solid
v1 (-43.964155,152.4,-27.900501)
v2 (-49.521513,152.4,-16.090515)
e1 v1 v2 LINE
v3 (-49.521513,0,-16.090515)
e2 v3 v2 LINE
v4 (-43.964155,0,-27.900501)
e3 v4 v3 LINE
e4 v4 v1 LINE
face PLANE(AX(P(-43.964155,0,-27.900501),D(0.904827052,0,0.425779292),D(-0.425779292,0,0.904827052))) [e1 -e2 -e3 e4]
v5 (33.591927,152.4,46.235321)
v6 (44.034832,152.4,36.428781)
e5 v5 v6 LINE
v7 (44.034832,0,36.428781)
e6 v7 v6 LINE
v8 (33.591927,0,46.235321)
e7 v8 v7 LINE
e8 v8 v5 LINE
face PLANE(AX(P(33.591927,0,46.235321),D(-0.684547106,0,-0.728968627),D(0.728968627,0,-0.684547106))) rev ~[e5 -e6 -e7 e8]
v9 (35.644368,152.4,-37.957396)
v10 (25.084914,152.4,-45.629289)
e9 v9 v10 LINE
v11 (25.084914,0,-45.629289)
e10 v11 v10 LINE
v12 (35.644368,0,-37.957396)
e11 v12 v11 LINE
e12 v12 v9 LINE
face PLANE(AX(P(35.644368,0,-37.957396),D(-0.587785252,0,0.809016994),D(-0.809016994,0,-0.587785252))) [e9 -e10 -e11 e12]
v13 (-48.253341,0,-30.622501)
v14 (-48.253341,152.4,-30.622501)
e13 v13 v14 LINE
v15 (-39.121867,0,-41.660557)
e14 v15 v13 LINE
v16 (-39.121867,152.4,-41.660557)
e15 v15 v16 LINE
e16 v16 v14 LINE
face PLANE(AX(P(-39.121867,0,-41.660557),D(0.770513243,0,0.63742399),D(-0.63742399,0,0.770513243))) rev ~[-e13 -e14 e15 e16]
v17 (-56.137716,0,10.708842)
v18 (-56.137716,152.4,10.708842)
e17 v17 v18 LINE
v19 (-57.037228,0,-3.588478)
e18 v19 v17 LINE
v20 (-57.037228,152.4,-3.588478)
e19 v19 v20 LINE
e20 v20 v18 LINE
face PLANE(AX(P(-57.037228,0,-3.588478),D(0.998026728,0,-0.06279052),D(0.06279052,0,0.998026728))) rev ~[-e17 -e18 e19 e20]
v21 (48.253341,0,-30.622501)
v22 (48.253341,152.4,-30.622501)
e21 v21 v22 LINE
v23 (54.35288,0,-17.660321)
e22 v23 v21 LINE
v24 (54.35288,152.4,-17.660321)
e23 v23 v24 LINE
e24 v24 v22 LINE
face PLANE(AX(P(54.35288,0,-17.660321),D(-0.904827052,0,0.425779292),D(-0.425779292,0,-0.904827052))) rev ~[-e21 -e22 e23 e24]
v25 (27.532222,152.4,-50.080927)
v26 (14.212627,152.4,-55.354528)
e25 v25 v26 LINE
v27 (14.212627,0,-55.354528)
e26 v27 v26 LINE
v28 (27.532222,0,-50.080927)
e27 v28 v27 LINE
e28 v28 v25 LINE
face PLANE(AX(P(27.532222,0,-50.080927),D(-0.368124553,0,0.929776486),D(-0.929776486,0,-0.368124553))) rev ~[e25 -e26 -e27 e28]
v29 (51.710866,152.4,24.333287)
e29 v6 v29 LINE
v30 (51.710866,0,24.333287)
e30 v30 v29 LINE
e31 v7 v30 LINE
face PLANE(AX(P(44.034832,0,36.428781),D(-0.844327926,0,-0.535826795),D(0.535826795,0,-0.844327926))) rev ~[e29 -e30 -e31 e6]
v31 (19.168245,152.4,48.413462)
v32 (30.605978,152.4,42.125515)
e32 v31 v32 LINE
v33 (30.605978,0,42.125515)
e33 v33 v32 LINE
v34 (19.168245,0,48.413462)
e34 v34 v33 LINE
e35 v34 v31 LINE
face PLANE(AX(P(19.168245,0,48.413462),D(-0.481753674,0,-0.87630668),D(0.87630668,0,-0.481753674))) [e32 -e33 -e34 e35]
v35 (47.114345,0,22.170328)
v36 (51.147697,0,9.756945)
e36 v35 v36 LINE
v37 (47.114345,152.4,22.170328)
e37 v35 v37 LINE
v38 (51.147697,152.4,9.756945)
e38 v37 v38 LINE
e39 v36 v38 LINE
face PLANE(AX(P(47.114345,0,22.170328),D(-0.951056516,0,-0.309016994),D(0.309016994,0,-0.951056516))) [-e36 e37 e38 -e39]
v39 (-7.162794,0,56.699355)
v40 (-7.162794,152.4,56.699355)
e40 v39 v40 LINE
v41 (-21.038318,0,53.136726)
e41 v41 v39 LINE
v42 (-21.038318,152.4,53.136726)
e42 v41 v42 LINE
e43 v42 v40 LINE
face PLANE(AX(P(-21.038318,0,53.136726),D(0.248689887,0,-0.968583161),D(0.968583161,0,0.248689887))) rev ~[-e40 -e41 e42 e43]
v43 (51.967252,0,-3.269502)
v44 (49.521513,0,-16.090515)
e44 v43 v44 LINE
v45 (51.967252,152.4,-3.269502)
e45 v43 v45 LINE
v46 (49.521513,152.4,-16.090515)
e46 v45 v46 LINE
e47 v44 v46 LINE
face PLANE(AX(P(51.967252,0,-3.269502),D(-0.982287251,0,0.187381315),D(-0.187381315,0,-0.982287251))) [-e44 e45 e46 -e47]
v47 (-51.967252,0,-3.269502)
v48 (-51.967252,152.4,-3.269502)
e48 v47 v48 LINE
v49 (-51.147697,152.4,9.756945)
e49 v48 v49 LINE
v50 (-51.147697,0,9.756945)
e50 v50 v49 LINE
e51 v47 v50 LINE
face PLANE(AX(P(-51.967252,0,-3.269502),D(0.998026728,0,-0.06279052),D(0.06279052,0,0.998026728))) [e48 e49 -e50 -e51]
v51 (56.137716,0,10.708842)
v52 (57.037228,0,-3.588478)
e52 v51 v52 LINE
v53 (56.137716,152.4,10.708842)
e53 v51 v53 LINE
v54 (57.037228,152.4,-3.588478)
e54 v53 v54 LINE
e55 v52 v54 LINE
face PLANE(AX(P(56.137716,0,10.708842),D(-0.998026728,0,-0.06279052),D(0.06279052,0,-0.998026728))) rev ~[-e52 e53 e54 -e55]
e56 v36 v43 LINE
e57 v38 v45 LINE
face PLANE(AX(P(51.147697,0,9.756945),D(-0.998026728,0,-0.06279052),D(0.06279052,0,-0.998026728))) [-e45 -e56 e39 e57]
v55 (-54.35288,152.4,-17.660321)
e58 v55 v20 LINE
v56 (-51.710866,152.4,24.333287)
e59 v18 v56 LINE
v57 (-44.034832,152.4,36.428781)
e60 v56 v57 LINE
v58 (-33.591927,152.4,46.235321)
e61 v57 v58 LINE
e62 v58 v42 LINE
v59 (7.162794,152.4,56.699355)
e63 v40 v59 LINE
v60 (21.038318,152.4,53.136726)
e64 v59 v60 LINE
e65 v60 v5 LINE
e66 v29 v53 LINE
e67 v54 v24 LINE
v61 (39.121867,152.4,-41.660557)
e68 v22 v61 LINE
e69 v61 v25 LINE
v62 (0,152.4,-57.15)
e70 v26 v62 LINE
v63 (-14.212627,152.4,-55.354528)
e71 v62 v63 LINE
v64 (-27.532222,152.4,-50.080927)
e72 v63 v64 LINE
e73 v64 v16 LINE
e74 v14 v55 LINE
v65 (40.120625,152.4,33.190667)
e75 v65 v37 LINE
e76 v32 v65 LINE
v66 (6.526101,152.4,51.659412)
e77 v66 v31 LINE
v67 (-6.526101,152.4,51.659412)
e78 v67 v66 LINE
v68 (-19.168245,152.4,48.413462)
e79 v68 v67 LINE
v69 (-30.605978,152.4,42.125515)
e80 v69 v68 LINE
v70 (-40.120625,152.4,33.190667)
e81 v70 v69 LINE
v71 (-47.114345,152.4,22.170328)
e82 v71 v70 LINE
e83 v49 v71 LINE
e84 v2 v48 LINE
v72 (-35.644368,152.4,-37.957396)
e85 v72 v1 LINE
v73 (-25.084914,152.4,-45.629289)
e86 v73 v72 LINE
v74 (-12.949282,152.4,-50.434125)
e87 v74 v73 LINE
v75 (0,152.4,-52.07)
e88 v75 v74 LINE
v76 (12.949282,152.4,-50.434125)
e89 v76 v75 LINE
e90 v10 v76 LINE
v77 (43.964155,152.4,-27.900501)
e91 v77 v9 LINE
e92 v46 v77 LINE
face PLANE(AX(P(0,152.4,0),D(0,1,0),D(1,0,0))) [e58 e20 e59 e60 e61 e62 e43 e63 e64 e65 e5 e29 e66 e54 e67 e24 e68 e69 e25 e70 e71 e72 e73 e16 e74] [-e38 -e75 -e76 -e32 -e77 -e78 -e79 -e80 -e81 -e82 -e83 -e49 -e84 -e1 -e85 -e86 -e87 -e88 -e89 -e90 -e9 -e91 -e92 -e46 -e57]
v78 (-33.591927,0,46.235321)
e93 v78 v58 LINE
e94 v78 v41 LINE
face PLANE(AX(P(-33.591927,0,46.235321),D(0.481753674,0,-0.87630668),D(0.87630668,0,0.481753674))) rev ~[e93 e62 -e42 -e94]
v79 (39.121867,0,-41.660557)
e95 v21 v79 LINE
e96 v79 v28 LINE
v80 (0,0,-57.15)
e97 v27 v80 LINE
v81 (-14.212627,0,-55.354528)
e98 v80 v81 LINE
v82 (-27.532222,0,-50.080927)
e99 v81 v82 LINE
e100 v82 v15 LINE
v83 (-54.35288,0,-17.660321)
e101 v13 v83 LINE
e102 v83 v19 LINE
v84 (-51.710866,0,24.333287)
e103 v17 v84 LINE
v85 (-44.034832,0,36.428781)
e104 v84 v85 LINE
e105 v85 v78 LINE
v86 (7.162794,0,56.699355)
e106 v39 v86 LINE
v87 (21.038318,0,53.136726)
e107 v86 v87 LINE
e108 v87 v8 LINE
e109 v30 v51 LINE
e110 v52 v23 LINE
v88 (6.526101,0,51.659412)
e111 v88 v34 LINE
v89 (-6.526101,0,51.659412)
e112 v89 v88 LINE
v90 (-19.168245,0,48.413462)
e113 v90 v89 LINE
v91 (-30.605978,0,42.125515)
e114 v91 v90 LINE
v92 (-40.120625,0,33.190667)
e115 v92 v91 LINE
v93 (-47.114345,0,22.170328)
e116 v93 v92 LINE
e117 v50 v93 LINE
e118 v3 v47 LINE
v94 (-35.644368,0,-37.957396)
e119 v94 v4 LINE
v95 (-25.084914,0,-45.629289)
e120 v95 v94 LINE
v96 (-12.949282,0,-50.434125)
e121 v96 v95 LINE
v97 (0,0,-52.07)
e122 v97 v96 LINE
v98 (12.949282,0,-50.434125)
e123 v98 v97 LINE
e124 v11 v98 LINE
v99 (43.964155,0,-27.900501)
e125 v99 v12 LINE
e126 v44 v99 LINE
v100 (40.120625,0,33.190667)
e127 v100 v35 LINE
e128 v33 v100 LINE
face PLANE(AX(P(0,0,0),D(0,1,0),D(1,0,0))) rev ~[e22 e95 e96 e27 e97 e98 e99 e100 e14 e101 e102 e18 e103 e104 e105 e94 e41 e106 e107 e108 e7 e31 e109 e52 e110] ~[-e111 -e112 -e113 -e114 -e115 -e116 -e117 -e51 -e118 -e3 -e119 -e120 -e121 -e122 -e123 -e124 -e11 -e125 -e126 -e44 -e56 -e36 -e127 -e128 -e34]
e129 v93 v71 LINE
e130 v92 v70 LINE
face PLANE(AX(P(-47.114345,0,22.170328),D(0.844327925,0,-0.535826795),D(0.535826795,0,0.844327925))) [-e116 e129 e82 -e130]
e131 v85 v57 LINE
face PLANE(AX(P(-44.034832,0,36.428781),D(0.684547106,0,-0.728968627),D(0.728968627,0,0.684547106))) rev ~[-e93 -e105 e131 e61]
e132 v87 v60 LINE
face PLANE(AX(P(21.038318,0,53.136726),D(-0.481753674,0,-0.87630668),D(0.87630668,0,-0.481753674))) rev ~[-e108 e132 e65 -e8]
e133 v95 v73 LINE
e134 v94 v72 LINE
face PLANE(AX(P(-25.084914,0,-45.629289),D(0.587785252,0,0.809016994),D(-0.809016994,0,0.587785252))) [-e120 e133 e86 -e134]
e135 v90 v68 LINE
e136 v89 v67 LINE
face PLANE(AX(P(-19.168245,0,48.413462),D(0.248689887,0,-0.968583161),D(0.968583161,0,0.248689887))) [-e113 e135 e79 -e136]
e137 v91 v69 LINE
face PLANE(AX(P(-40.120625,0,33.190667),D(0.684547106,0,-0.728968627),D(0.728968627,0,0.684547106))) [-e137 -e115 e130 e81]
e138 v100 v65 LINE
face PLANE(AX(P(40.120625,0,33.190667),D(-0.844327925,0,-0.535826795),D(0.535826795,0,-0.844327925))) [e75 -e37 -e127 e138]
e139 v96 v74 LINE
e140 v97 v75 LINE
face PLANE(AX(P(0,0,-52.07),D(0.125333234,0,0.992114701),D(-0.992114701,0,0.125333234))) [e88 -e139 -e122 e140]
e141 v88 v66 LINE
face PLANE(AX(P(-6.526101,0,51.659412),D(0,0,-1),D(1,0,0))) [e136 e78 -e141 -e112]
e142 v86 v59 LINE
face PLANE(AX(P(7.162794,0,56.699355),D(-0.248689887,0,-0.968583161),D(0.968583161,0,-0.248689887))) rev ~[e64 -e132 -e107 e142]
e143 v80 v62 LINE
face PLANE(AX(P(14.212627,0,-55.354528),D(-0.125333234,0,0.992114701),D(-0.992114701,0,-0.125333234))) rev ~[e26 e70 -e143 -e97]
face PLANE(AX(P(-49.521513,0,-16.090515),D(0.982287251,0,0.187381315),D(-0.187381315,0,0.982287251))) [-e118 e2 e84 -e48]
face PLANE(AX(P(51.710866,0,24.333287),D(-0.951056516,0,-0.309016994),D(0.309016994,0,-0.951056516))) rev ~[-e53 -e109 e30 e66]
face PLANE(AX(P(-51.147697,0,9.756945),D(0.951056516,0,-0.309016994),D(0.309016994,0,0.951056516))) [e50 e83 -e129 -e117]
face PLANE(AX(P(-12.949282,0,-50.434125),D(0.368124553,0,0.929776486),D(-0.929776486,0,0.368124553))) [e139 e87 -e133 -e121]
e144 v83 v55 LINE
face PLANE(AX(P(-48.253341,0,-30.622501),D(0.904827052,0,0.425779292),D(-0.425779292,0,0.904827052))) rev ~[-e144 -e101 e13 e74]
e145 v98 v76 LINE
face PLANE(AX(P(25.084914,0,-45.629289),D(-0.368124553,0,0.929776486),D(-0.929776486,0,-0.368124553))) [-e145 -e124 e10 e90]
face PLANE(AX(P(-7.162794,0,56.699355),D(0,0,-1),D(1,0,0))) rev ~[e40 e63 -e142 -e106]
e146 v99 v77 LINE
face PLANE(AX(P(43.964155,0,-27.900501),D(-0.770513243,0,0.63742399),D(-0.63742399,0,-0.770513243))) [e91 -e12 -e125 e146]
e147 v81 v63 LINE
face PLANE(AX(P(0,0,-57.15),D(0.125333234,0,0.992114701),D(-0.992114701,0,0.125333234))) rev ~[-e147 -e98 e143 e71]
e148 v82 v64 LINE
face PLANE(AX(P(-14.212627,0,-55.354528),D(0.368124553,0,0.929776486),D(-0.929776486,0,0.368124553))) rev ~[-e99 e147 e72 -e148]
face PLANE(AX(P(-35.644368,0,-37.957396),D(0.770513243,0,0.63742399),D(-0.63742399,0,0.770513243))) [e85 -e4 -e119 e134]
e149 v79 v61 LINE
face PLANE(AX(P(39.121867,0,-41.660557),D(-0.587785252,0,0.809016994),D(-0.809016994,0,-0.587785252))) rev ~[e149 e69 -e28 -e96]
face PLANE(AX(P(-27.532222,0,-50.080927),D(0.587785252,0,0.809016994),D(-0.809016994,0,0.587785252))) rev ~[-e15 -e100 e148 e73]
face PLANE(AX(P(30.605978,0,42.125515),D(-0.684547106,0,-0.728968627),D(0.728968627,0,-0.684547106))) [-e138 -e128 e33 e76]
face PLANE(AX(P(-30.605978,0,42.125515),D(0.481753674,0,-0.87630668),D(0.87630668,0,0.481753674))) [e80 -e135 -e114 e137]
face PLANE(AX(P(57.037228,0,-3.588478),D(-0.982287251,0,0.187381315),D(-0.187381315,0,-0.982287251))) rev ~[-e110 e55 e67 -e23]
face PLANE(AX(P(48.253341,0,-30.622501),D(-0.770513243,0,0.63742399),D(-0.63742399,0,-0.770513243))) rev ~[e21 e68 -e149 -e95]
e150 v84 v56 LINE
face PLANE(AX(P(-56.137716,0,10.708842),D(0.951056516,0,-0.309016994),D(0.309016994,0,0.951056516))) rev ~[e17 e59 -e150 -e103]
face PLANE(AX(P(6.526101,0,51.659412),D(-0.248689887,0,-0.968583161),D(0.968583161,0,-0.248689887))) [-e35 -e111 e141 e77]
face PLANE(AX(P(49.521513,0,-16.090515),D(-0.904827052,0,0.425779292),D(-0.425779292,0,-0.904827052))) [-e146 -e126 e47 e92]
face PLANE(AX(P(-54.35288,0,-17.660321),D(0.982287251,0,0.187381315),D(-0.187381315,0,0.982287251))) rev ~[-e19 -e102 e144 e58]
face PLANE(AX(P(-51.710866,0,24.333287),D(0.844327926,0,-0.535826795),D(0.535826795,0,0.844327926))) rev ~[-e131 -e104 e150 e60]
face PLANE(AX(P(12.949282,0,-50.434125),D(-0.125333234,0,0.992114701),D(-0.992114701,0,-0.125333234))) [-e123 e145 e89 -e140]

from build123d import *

# Parameters (mm, degrees)
BOSS_EXTRUDE1_DEPTH = 152.4


with BuildPart() as part:
    # Sketch2 → Boss-Extrude1 (new body)
    with BuildSketch(Plane(origin=(0, 0, 0), x_dir=(1, 0, 0), z_dir=(0, 1, 0))):
        Polygon((0, 57.15), (-14.212627051, 55.354527659), (-27.532222475, 50.080926765), (-39.121867104, 41.660557057), (-48.253340942, 30.622501333), (-54.352879906, 17.660321229), (-57.03722753, 3.588478191), (-56.137716379, -10.708842129), (-51.710866048, -24.333286513), (-44.034831825, -36.428781014), (-33.591927169, -46.235321229), (-21.038318186, -53.136726169), (-7.162794298, -56.69935518), (7.162794298, -56.69935518), (21.038318186, -53.136726169), (33.591927169, -46.235321229), (44.034831825, -36.428781014), (51.710866048, -24.333286513), (56.137716379, -10.708842129), (57.03722753, 3.588478191), (54.352879906, 17.660321229), (48.253340942, 30.622501333), (39.121867104, 41.660557057), (27.532222475, 50.080926765), (14.212627051, 55.354527659), align=None)
        Polygon((0, 52.07), (-12.949282425, 50.4341252), (-25.08491381, 45.62928883), (-35.644367806, 37.95739643), (-43.964155081, 27.900501215), (-49.521512803, 16.090514897), (-51.967251749, 3.269502352), (-51.147697145, -9.75694505), (-47.114344622, -22.170327712), (-40.120624551, -33.190667146), (-30.605978087, -42.125514897), (-19.168245458, -48.41346162), (-6.526101472, -51.659412497), (6.526101472, -51.659412497), (19.168245458, -48.41346162), (30.605978087, -42.125514897), (40.120624551, -33.190667146), (47.114344622, -22.170327712), (51.147697145, -9.75694505), (51.967251749, 3.269502352), (49.521512803, 16.090514897), (43.964155081, 27.900501215), (35.644367806, 37.95739643), (25.08491381, 45.62928883), (12.949282425, 50.4341252), align=None, mode=Mode.SUBTRACT)
    extrude(amount=BOSS_EXTRUDE1_DEPTH)


solid = part.part
